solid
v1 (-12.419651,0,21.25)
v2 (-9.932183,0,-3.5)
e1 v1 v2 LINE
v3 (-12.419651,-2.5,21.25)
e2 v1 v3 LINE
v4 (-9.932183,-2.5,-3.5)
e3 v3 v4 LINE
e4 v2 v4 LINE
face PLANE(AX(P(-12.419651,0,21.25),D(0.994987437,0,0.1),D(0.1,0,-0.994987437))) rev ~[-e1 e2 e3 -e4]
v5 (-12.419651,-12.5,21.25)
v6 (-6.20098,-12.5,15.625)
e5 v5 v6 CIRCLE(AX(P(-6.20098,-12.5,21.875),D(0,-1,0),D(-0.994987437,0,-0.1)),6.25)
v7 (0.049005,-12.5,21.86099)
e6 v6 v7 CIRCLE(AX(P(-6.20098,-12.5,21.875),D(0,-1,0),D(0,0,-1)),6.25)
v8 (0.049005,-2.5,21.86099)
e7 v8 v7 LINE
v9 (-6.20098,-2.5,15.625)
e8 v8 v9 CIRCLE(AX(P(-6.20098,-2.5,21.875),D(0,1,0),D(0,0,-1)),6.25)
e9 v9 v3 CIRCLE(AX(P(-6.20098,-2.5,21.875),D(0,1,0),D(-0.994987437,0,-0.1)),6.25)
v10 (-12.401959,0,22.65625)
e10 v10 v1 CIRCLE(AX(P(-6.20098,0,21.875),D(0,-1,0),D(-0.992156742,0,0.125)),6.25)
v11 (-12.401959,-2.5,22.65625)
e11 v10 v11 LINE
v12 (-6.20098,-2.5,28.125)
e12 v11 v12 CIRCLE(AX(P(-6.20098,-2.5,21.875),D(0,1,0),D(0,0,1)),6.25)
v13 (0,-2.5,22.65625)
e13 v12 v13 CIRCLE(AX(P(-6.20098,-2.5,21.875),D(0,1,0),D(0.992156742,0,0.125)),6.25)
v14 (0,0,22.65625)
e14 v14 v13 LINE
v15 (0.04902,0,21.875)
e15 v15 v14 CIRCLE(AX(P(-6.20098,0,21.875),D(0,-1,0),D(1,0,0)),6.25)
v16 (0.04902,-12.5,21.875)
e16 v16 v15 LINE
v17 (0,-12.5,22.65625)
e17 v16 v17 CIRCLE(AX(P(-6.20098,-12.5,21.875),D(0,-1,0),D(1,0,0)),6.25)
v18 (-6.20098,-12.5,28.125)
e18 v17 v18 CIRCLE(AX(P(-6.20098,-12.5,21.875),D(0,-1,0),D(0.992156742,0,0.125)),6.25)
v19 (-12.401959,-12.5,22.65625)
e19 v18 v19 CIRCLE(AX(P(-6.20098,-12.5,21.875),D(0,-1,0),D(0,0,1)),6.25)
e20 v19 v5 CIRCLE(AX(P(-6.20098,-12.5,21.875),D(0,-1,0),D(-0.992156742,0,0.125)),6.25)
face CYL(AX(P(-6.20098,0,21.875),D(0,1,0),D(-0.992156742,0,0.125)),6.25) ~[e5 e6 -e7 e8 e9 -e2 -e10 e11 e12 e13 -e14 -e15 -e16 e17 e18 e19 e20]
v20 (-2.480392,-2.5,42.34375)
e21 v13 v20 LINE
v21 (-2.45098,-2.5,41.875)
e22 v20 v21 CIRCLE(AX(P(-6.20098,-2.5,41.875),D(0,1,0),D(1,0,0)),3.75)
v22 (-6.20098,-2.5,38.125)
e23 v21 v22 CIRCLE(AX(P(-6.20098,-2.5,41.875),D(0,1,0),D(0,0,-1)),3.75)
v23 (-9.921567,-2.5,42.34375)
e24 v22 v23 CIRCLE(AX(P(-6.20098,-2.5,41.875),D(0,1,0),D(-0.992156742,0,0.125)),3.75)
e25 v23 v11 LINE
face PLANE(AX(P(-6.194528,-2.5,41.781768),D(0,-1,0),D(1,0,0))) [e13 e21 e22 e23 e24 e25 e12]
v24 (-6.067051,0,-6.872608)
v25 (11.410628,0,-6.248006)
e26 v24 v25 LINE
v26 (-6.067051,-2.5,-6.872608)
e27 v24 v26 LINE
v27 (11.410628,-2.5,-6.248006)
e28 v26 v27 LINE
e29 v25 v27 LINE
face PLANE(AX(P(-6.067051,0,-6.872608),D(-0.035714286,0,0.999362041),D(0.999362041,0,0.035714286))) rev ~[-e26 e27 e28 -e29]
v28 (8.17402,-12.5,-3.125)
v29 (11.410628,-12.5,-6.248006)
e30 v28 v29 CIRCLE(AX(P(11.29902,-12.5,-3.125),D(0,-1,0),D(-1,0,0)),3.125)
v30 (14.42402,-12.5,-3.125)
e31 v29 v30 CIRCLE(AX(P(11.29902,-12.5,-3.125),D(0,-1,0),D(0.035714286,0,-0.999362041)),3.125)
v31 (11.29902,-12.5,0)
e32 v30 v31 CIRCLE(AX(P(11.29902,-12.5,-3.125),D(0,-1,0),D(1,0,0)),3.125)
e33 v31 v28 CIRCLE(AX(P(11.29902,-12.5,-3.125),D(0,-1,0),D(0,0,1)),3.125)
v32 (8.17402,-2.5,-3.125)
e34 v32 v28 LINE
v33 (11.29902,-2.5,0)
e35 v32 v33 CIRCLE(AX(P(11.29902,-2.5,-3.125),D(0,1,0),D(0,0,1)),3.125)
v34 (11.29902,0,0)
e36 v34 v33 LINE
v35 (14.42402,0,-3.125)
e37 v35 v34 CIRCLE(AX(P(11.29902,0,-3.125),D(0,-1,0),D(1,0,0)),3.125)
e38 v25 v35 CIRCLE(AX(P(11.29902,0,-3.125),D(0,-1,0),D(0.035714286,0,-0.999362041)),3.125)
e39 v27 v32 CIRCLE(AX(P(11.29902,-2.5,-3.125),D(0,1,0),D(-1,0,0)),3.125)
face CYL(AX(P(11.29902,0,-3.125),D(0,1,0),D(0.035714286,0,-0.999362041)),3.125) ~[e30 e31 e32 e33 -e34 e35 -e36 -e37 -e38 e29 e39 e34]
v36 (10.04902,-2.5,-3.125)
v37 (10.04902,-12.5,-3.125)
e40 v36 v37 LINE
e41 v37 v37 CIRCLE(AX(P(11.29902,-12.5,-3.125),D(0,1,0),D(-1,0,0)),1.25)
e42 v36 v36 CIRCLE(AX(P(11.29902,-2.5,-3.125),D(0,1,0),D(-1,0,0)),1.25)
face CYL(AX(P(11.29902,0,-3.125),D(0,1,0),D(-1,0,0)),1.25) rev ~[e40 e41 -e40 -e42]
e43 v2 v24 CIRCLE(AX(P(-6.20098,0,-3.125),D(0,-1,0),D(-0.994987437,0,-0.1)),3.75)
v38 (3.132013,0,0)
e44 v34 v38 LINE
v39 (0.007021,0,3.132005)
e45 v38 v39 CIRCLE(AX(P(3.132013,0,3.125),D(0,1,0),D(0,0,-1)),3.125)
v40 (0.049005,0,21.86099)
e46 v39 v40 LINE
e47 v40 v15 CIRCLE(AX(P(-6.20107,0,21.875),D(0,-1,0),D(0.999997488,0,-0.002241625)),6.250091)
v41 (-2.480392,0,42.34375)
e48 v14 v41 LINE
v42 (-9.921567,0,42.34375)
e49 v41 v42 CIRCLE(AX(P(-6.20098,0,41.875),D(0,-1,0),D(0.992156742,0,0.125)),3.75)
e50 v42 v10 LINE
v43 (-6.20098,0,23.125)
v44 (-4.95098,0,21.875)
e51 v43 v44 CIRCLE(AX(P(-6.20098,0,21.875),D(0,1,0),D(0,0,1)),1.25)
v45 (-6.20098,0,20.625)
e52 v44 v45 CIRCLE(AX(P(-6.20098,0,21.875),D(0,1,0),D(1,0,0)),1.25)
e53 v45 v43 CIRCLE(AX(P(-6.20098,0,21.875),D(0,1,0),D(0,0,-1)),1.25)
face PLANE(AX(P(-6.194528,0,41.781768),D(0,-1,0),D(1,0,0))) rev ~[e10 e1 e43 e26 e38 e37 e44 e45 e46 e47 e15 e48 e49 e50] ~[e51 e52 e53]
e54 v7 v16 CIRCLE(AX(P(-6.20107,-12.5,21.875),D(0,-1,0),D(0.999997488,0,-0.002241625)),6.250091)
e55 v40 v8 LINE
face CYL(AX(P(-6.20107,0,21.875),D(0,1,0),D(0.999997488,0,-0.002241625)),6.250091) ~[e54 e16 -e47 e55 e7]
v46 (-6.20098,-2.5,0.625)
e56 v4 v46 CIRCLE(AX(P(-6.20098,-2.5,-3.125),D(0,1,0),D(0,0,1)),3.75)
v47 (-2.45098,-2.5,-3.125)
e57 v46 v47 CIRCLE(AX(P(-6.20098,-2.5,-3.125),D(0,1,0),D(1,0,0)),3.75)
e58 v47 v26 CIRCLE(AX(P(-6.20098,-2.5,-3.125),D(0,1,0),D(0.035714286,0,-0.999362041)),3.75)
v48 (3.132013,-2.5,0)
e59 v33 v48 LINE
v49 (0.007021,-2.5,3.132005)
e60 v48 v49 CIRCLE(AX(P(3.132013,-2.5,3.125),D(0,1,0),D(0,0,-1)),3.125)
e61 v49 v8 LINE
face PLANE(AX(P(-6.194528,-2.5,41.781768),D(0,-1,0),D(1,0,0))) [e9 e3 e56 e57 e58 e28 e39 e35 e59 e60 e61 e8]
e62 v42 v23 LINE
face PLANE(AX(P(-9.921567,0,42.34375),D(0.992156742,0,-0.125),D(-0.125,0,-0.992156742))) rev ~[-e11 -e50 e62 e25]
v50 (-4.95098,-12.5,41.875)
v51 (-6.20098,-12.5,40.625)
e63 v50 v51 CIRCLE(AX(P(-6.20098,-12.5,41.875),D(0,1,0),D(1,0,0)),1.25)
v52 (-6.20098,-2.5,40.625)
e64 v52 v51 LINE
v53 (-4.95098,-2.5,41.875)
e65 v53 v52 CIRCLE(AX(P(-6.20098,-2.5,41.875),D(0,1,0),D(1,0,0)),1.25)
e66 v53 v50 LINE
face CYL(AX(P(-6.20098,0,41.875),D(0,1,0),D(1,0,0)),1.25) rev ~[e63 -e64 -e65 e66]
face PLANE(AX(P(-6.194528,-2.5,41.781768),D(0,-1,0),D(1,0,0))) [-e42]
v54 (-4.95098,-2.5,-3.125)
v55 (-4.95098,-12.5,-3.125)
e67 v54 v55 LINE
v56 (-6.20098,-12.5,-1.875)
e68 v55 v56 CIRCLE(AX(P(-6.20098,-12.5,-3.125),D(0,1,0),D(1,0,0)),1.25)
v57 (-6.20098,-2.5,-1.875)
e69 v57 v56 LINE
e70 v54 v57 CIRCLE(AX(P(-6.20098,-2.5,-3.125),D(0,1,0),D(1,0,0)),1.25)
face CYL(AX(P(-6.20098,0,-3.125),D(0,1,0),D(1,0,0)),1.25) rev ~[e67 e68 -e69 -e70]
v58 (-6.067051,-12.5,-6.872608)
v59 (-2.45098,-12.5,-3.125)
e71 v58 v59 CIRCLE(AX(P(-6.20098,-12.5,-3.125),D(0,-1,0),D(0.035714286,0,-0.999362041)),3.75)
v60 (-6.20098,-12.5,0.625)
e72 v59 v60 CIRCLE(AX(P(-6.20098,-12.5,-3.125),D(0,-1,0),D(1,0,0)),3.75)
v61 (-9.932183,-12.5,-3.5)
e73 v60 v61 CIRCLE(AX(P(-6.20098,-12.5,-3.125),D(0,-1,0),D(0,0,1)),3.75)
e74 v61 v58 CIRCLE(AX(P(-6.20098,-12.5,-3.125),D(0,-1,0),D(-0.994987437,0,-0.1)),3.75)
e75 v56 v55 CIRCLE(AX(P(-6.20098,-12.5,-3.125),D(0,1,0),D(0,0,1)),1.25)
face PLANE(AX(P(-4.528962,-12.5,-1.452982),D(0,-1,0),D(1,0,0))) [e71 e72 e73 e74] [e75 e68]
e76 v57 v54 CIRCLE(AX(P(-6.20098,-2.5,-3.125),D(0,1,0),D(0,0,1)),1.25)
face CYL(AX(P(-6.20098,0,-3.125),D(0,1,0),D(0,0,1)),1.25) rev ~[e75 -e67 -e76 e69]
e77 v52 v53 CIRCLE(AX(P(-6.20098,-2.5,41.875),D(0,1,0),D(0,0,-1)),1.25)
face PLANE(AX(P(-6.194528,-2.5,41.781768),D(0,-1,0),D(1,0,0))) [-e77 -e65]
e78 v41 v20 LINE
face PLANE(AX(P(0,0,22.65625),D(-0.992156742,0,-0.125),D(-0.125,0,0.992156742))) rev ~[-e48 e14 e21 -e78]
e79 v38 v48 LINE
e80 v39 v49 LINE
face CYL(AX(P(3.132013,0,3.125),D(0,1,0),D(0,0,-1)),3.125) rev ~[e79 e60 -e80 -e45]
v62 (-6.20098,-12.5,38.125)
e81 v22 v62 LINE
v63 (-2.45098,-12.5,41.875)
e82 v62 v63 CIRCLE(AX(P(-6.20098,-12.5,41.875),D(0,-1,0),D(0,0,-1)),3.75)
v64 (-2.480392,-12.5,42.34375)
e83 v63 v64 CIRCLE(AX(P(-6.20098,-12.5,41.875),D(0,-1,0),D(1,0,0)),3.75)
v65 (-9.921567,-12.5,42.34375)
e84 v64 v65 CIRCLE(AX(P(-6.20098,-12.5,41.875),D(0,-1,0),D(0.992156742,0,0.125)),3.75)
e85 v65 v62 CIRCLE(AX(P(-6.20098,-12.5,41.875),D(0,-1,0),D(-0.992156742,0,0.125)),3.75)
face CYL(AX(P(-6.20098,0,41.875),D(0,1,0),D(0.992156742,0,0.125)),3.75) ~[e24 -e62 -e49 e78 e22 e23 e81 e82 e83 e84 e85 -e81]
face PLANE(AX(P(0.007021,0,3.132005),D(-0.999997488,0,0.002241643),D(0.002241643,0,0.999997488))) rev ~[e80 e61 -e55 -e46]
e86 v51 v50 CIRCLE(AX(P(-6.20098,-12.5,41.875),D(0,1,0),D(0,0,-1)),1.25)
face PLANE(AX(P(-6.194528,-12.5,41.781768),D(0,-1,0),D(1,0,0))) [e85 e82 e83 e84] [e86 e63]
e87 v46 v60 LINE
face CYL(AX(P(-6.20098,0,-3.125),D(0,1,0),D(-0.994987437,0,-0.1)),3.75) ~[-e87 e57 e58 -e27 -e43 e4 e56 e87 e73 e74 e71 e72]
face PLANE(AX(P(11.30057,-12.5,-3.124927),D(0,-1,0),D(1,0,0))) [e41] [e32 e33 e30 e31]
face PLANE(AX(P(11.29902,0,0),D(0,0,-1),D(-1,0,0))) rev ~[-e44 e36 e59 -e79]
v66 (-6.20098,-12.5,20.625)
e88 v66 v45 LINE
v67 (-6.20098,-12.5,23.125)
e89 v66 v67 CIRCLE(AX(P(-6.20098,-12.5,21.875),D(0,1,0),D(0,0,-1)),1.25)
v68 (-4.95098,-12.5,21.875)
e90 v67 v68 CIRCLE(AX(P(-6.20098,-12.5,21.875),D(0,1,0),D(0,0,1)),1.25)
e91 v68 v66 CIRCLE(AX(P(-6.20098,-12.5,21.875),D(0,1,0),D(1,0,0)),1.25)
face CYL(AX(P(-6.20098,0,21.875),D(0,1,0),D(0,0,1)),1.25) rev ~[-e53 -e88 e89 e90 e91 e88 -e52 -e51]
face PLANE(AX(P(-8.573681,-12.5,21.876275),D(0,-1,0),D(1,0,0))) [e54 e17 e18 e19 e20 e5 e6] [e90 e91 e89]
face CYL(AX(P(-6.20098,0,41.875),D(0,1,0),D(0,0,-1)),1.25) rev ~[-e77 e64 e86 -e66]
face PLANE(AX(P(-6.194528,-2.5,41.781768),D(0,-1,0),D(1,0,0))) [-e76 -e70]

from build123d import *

# Parameters (mm, degrees)
F1_DEPTH = 2.5
F2_DEPTH = 12.5


with BuildPart() as f1:
    # F0 (on Front) → F1 (new body)
    with BuildSketch(Plane.XZ):
        with BuildLine():
            ThreePointArc((-6.2009796353, 38.125), (-3.5493292059, 39.2233495706), (-2.4509796353, 41.875))
            ThreePointArc((-2.4509796353, 41.875), (-2.4583399132, 42.109835922), (-2.4803918541, 42.34375))
            ThreePointArc((-2.4803918541, 42.34375), (-6.2009796353, 45.625), (-9.9215674165, 42.34375))
            ThreePointArc((-9.9215674165, 42.34375), (-9.0134796353, 39.3946081459), (-6.2009796353, 38.125))
        make_face()
        with BuildLine():
            ThreePointArc((-4.9509796353, 41.875), (-5.3170961588, 40.9911165235), (-6.2009796353, 40.625))
            ThreePointArc((-6.2009796353, 40.625), (-7.0848631118, 42.7588834765), (-4.9509796353, 41.875))
        make_face(mode=Mode.SUBTRACT)
        with BuildLine():
            ThreePointArc((-2.4803918541, 42.34375), (-2.4583399132, 42.109835922), (-2.4509796353, 41.875))
            ThreePointArc((-2.4509796353, 41.875), (-3.5493292059, 39.2233495706), (-6.2009796353, 38.125))
            Line((-6.2009796353, 38.125), (-6.2009796353, 28.125))
            ThreePointArc((-6.2009796353, 28.125), (-2.0669932118, 26.5625), (0, 22.65625))
            Line((0, 22.65625), (-2.4803918541, 42.34375))
        make_face()
        with BuildLine():
            Line((-6.2009796353, 28.125), (-6.2009796353, 38.125))
            ThreePointArc((-6.2009796353, 38.125), (-9.0134796353, 39.3946081459), (-9.9215674165, 42.34375))
            Line((-9.9215674165, 42.34375), (-12.4019592706, 22.65625))
            ThreePointArc((-12.4019592706, 22.65625), (-10.3349660588, 26.5625), (-6.2009796353, 28.125))
        make_face()
        with BuildLine():
            ThreePointArc((0.0490203647, 21.875), (0.0367532349, 22.2663932034), (0, 22.65625))
            ThreePointArc((0, 22.65625), (-2.0669932118, 26.5625), (-6.2009796353, 28.125))
            Line((-6.2009796353, 28.125), (-6.2009796353, 23.125))
            ThreePointArc((-6.2009796353, 23.125), (-5.3170961588, 22.7588834765), (-4.9509796353, 21.875))
            ThreePointArc((-4.9509796353, 21.875), (-5.3170961588, 20.9911165235), (-6.2009796353, 20.625))
            Line((-6.2009796353, 20.625), (-6.2009796353, 15.625))
            ThreePointArc((-6.2009796353, 15.625), (-1.7865184104, 17.450632012), (0.0490046617, 21.8609897301))
            ThreePointArc((0.0490046617, 21.8609897301), (0.0490164389, 21.8679948607), (0.0490203647, 21.875))
        make_face()
        with BuildLine():
            Line((-6.2009796353, 23.125), (-6.2009796353, 28.125))
            ThreePointArc((-6.2009796353, 28.125), (-10.3349660588, 26.5625), (-12.4019592706, 22.65625))
            ThreePointArc((-12.4019592706, 22.65625), (-12.4504850745, 21.9536242074), (-12.4196511172, 21.25))
            ThreePointArc((-12.4196511172, 21.25), (-10.3936070931, 17.2398759456), (-6.2009796353, 15.625))
            Line((-6.2009796353, 15.625), (-6.2009796353, 20.625))
            ThreePointArc((-6.2009796353, 20.625), (-7.4509796353, 21.875), (-6.2009796353, 23.125))
        make_face()
        with BuildLine():
            ThreePointArc((-6.2009796353, 15.625), (-10.3936070931, 17.2398759456), (-12.4196511172, 21.25))
            Line((-12.4196511172, 21.25), (-9.9321825245, -3.5))
            ThreePointArc((-9.9321825245, -3.5), (-8.982054068, -0.6094235253), (-6.2009796353, 0.625))
            Line((-6.2009796353, 0.625), (-6.2009796353, 15.625))
        make_face()
        with BuildLine():
            Line((0.0070208556, 3.1320051349), (0.0490046617, 21.8609897301))
            ThreePointArc((0.0490046617, 21.8609897301), (-1.7865184104, 17.450632012), (-6.2009796353, 15.625))
            Line((-6.2009796353, 15.625), (-6.2009796353, 0.625))
            ThreePointArc((-6.2009796353, 0.625), (-3.5493292059, -0.4733495706), (-2.4509796353, -3.125))
            Line((-2.4509796353, -3.125), (8.1740203647, -3.125))
            ThreePointArc((8.1740203647, -3.125), (9.0893116735, -0.9152913088), (11.2990203647, 0))
            Line((11.2990203647, 0), (3.1320130041, 0))
            ThreePointArc((3.1320130041, 0), (0.9198290101, 0.9177693875), (0.0070208556, 3.1320051349))
        make_face()
        with BuildLine():
            ThreePointArc((-6.2009796353, 0.625), (-8.982054068, -0.6094235253), (-9.9321825245, -3.5))
            ThreePointArc((-9.9321825245, -3.5), (-8.6664849037, -5.9505590193), (-6.0670510639, -6.8726076553))
            ThreePointArc((-6.0670510639, -6.8726076553), (-3.5023936961, -5.7288690306), (-2.4509796353, -3.125))
            Line((-2.4509796353, -3.125), (-4.9509796353, -3.125))
            ThreePointArc((-4.9509796353, -3.125), (-7.0848631118, -4.0088834765), (-6.2009796353, -1.875))
            Line((-6.2009796353, -1.875), (-6.2009796353, 0.625))
        make_face()
        with BuildLine():
            ThreePointArc((-2.4509796353, -3.125), (-3.5023936961, -5.7288690306), (-6.0670510639, -6.8726076553))
            Line((-6.0670510639, -6.8726076553), (11.4106275075, -6.2480063794))
            ThreePointArc((11.4106275075, -6.2480063794), (9.1291295059, -5.373821616), (8.1740203647, -3.125))
            Line((8.1740203647, -3.125), (-2.4509796353, -3.125))
        make_face()
        with BuildLine():
            ThreePointArc((8.1740203647, -3.125), (9.1291295059, -5.373821616), (11.4106275075, -6.2480063794))
            ThreePointArc((11.4106275075, -6.2480063794), (13.5478419807, -5.2948908588), (14.4240203647, -3.125))
            ThreePointArc((14.4240203647, -3.125), (13.5087290559, -0.9152913088), (11.2990203647, 0))
            ThreePointArc((11.2990203647, 0), (9.0893116735, -0.9152913088), (8.1740203647, -3.125))
        make_face()
        with BuildLine():
            ThreePointArc((12.5490203647, -3.125), (11.2990203647, -4.375), (10.0490203647, -3.125))
            ThreePointArc((10.0490203647, -3.125), (11.2990203647, -1.875), (12.5490203647, -3.125))
        make_face(mode=Mode.SUBTRACT)
        with BuildLine():
            ThreePointArc((-2.4509796353, -3.125), (-3.5493292059, -0.4733495706), (-6.2009796353, 0.625))
            Line((-6.2009796353, 0.625), (-6.2009796353, -1.875))
            ThreePointArc((-6.2009796353, -1.875), (-5.3170961588, -2.2411165235), (-4.9509796353, -3.125))
            Line((-4.9509796353, -3.125), (-2.4509796353, -3.125))
        make_face()
        with BuildLine():
            Line((-6.2009796353, -3.125), (-6.2009796353, -1.875))
            ThreePointArc((-6.2009796353, -1.875), (-7.0848631118, -4.0088834765), (-4.9509796353, -3.125))
            Line((-4.9509796353, -3.125), (-6.2009796353, -3.125))
        make_face()
        with BuildLine():
            ThreePointArc((-4.9509796353, -3.125), (-5.3170961588, -2.2411165235), (-6.2009796353, -1.875))
            Line((-6.2009796353, -1.875), (-6.2009796353, -3.125))
            Line((-6.2009796353, -3.125), (-4.9509796353, -3.125))
        make_face()
        with BuildLine():
            ThreePointArc((12.5490203647, -3.125), (11.2990203647, -1.875), (10.0490203647, -3.125))
            ThreePointArc((10.0490203647, -3.125), (11.2990203647, -4.375), (12.5490203647, -3.125))
        make_face()
        with BuildLine():
            ThreePointArc((-4.9509796353, 41.875), (-7.0848631118, 42.7588834765), (-6.2009796353, 40.625))
            ThreePointArc((-6.2009796353, 40.625), (-5.3170961588, 40.9911165235), (-4.9509796353, 41.875))
        make_face()
    extrude(amount=F1_DEPTH)

    # F0 (on Front) → F2 (join)
    with BuildSketch(Plane.XZ):
        with BuildLine():
            Line((-6.2009796353, 23.125), (-6.2009796353, 28.125))
            ThreePointArc((-6.2009796353, 28.125), (-10.3349660588, 26.5625), (-12.4019592706, 22.65625))
            ThreePointArc((-12.4019592706, 22.65625), (-12.4504850745, 21.9536242074), (-12.4196511172, 21.25))
            ThreePointArc((-12.4196511172, 21.25), (-10.3936070931, 17.2398759456), (-6.2009796353, 15.625))
            Line((-6.2009796353, 15.625), (-6.2009796353, 20.625))
            ThreePointArc((-6.2009796353, 20.625), (-7.4509796353, 21.875), (-6.2009796353, 23.125))
        make_face()
        with BuildLine():
            ThreePointArc((0.0490203647, 21.875), (0.0367532349, 22.2663932034), (0, 22.65625))
            ThreePointArc((0, 22.65625), (-2.0669932118, 26.5625), (-6.2009796353, 28.125))
            Line((-6.2009796353, 28.125), (-6.2009796353, 23.125))
            ThreePointArc((-6.2009796353, 23.125), (-5.3170961588, 22.7588834765), (-4.9509796353, 21.875))
            ThreePointArc((-4.9509796353, 21.875), (-5.3170961588, 20.9911165235), (-6.2009796353, 20.625))
            Line((-6.2009796353, 20.625), (-6.2009796353, 15.625))
            ThreePointArc((-6.2009796353, 15.625), (-1.7865184104, 17.450632012), (0.0490046617, 21.8609897301))
            ThreePointArc((0.0490046617, 21.8609897301), (0.0490164389, 21.8679948607), (0.0490203647, 21.875))
        make_face()
        with BuildLine():
            ThreePointArc((-6.2009796353, 38.125), (-3.5493292059, 39.2233495706), (-2.4509796353, 41.875))
            ThreePointArc((-2.4509796353, 41.875), (-2.4583399132, 42.109835922), (-2.4803918541, 42.34375))
            ThreePointArc((-2.4803918541, 42.34375), (-6.2009796353, 45.625), (-9.9215674165, 42.34375))
            ThreePointArc((-9.9215674165, 42.34375), (-9.0134796353, 39.3946081459), (-6.2009796353, 38.125))
        make_face()
        with BuildLine():
            ThreePointArc((-4.9509796353, 41.875), (-5.3170961588, 40.9911165235), (-6.2009796353, 40.625))
            ThreePointArc((-6.2009796353, 40.625), (-7.0848631118, 42.7588834765), (-4.9509796353, 41.875))
        make_face(mode=Mode.SUBTRACT)
        with BuildLine():
            ThreePointArc((8.1740203647, -3.125), (9.1291295059, -5.373821616), (11.4106275075, -6.2480063794))
            ThreePointArc((11.4106275075, -6.2480063794), (13.5478419807, -5.2948908588), (14.4240203647, -3.125))
            ThreePointArc((14.4240203647, -3.125), (13.5087290559, -0.9152913088), (11.2990203647, 0))
            ThreePointArc((11.2990203647, 0), (9.0893116735, -0.9152913088), (8.1740203647, -3.125))
        make_face()
        with BuildLine():
            ThreePointArc((12.5490203647, -3.125), (11.2990203647, -4.375), (10.0490203647, -3.125))
            ThreePointArc((10.0490203647, -3.125), (11.2990203647, -1.875), (12.5490203647, -3.125))
        make_face(mode=Mode.SUBTRACT)
        with BuildLine():
            ThreePointArc((-2.4509796353, -3.125), (-3.5493292059, -0.4733495706), (-6.2009796353, 0.625))
            Line((-6.2009796353, 0.625), (-6.2009796353, -1.875))
            ThreePointArc((-6.2009796353, -1.875), (-5.3170961588, -2.2411165235), (-4.9509796353, -3.125))
            Line((-4.9509796353, -3.125), (-2.4509796353, -3.125))
        make_face()
        with BuildLine():
            ThreePointArc((-6.2009796353, 0.625), (-8.982054068, -0.6094235253), (-9.9321825245, -3.5))
            ThreePointArc((-9.9321825245, -3.5), (-8.6664849037, -5.9505590193), (-6.0670510639, -6.8726076553))
            ThreePointArc((-6.0670510639, -6.8726076553), (-3.5023936961, -5.7288690306), (-2.4509796353, -3.125))
            Line((-2.4509796353, -3.125), (-4.9509796353, -3.125))
            ThreePointArc((-4.9509796353, -3.125), (-7.0848631118, -4.0088834765), (-6.2009796353, -1.875))
            Line((-6.2009796353, -1.875), (-6.2009796353, 0.625))
        make_face()
    extrude(amount=F2_DEPTH)


solid = f1.part
